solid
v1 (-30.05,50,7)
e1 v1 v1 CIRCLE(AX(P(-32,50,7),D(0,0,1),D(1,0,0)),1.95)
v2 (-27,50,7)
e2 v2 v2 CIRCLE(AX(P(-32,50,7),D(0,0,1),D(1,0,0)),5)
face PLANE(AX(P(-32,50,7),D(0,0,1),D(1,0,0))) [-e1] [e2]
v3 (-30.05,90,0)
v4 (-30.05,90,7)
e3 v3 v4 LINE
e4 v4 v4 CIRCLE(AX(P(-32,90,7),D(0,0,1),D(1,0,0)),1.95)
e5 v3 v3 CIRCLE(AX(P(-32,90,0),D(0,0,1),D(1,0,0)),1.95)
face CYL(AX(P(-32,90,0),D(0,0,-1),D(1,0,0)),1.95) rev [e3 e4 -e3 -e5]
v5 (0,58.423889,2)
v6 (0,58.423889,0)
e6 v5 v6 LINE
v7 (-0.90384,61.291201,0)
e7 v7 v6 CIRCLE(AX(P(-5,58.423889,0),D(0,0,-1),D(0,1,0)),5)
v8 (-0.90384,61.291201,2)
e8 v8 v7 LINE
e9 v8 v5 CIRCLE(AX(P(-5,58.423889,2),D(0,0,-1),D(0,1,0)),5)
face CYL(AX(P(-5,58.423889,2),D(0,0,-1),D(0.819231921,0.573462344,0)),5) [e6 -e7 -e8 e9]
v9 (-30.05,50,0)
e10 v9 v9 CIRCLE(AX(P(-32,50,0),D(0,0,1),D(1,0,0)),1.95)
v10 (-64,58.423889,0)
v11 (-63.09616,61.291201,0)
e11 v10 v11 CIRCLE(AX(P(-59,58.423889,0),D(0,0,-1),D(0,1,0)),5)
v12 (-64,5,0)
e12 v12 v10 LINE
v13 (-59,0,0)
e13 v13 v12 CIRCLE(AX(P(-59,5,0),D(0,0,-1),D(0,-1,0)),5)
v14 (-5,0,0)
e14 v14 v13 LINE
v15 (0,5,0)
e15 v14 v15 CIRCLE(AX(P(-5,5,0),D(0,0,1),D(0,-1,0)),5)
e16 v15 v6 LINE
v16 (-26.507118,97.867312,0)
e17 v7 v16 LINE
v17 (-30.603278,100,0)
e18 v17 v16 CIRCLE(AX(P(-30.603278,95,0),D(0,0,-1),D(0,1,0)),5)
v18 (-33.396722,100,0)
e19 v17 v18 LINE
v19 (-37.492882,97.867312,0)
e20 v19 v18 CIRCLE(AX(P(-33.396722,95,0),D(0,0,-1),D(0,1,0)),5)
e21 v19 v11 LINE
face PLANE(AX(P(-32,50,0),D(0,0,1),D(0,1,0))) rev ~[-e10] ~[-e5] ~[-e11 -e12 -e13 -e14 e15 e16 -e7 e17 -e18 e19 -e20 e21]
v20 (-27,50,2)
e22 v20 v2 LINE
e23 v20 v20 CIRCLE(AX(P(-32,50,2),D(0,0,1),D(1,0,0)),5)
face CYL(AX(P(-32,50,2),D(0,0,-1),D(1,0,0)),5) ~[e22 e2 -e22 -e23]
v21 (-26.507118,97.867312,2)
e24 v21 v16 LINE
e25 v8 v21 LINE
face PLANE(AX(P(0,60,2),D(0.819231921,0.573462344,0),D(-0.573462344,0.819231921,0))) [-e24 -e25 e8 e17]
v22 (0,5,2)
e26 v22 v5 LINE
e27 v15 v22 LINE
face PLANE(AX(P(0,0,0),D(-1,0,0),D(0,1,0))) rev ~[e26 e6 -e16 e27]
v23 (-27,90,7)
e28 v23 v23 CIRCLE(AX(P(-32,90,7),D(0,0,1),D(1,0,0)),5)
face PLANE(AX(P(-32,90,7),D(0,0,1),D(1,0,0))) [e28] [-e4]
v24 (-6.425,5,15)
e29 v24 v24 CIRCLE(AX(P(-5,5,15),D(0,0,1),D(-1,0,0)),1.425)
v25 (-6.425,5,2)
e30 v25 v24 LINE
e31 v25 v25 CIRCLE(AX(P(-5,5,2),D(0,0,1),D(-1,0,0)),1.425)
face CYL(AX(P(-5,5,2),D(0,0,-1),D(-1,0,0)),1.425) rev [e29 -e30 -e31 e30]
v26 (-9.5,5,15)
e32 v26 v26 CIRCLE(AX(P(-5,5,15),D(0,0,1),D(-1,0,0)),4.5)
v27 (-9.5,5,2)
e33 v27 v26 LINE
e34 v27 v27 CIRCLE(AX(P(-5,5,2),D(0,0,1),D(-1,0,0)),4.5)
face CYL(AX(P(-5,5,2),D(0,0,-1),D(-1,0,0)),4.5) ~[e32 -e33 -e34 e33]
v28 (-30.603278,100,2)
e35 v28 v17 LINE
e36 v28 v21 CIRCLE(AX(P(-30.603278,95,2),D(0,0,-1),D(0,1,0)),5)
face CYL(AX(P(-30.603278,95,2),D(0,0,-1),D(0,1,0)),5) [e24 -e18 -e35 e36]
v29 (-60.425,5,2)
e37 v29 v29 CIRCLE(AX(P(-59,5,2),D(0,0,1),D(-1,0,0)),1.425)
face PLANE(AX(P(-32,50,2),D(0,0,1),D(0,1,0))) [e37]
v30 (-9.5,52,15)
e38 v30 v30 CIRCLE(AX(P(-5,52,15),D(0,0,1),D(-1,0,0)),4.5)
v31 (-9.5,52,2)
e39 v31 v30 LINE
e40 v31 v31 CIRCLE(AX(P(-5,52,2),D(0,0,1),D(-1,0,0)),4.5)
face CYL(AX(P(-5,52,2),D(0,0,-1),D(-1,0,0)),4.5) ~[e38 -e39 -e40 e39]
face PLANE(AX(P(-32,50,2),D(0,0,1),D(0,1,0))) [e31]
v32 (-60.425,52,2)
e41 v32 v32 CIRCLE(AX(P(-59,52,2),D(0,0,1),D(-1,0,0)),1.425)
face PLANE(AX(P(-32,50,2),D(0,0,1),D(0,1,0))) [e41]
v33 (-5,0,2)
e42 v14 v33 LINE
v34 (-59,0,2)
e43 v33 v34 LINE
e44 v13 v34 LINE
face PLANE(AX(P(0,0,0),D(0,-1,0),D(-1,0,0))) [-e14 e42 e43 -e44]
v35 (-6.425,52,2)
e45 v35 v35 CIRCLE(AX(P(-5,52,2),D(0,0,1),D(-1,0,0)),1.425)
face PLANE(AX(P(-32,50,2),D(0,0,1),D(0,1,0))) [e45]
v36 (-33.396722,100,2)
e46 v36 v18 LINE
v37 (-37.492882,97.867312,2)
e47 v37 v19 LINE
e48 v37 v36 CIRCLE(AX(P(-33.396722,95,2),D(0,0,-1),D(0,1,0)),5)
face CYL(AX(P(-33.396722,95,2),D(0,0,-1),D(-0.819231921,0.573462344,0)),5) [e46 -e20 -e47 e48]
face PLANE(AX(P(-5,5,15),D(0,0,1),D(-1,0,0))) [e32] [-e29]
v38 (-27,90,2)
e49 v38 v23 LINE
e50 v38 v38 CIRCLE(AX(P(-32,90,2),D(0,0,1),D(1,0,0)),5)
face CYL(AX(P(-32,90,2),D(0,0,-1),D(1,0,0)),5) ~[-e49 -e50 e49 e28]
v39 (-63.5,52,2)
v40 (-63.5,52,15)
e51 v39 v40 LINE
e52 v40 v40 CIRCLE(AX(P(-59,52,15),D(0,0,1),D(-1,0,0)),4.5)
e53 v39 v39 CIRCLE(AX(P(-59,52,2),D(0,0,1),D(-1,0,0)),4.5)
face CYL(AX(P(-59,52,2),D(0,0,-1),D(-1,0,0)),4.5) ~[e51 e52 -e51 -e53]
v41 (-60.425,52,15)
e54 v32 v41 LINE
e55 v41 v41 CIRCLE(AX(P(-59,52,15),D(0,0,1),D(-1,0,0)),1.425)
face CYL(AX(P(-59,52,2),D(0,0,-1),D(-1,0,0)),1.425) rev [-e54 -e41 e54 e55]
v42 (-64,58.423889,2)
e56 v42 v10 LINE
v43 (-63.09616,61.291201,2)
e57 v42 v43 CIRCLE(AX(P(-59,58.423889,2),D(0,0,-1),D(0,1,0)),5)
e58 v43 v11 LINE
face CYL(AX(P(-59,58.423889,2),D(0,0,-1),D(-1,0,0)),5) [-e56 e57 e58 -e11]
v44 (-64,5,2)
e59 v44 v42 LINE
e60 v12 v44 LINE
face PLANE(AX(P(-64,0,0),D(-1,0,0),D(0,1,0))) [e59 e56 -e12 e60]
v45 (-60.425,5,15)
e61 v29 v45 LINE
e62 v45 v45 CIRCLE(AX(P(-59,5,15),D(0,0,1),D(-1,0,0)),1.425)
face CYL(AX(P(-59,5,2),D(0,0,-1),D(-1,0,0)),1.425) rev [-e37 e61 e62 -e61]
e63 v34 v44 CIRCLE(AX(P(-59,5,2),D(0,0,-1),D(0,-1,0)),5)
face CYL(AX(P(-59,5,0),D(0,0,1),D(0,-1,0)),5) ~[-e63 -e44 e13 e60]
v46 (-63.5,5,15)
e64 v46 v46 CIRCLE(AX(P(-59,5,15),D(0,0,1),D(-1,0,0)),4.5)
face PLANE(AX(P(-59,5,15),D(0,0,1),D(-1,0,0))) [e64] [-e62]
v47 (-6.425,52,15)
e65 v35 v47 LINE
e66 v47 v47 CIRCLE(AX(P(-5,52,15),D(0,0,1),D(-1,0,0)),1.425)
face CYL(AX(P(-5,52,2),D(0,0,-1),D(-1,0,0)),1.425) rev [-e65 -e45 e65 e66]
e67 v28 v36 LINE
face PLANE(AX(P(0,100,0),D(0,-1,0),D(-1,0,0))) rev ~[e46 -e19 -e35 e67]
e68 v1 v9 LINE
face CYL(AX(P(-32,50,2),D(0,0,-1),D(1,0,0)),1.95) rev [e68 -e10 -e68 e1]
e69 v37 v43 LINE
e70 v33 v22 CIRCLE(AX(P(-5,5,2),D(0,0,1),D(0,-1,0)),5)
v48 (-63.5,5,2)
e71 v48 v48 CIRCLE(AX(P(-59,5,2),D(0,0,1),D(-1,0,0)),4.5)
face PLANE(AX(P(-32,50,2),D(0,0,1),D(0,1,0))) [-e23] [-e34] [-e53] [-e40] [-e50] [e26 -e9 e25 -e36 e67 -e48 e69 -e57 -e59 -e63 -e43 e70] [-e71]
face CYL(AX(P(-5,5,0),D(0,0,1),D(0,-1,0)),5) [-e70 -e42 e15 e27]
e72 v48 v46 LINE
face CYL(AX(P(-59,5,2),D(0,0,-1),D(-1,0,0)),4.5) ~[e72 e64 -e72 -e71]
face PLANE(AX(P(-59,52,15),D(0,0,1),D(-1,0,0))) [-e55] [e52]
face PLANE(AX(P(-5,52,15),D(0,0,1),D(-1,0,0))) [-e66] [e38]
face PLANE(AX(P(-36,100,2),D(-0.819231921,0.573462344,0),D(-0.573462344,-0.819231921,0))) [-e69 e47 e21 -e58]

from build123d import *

# Parameters (mm, degrees)
SKETCH1_W           = 100
SKETCH1_H           = 64
SKETCH1_R           = 1.95
BOSS_EXTRUDE1_DEPTH = 2
SKETCH2_R           = 5
SKETCH2_R_2         = 1.95
BOSS_EXTRUDE2_DEPTH = 5
SKETCH3_R           = 4.5
SKETCH3_R_2         = 1.425
BOSS_EXTRUDE3_DEPTH = 13
CUT_EXTRUDE1_DEPTH  = 120.436175424
FILLET1_R           = 5


with BuildPart() as part:
    # Sketch1 → Boss-Extrude1 (new body)
    with BuildSketch(Plane(origin=(0, 0, 0), x_dir=(0, 1, 0), z_dir=(0, 0, 1))):
        with Locations((50, 32)):
            Rectangle(SKETCH1_W, SKETCH1_H)
        with Locations(Location((90, 32, 0), (0, 0, 270))):
            Circle(SKETCH1_R, mode=Mode.SUBTRACT)
        with Locations(Location((50, 32, 0), (0, 0, 270))):
            Circle(SKETCH1_R, mode=Mode.SUBTRACT)
    extrude(amount=BOSS_EXTRUDE1_DEPTH)

    # Sketch2 → Boss-Extrude2 (add)
    # profile 1 of 2: a face of its own
    with BuildSketch(Plane.XY.offset(2)):
        with Locations((-32, 50)):
            Circle(SKETCH2_R)
        with Locations((-32, 50)):
            Circle(SKETCH2_R_2, mode=Mode.SUBTRACT)
    # profile 2 of 2: a face of its own
    with BuildSketch(Plane.XY.offset(2)):
        with Locations((-32, 90)):
            Circle(SKETCH2_R)
        with Locations((-32, 90)):
            Circle(SKETCH2_R_2, mode=Mode.SUBTRACT)
    extrude(amount=BOSS_EXTRUDE2_DEPTH)

    # Sketch3 → Boss-Extrude3 (add)
    # profile 1 of 4: a face of its own
    with BuildSketch(Plane.XY.offset(2)):
        with Locations(Location((-59, 5, 0), (0, 0, 180))):
            Circle(SKETCH3_R)
        with Locations(Location((-59, 5, 0), (0, 0, 180))):
            Circle(SKETCH3_R_2, mode=Mode.SUBTRACT)
    # profile 2 of 4: a face of its own
    with BuildSketch(Plane.XY.offset(2)):
        with Locations(Location((-5, 5, 0), (0, 0, 180))):
            Circle(SKETCH3_R)
        with Locations(Location((-5, 5, 0), (0, 0, 180))):
            Circle(SKETCH3_R_2, mode=Mode.SUBTRACT)
    # profile 3 of 4: a face of its own
    with BuildSketch(Plane.XY.offset(2)):
        with Locations(Location((-5, 52, 0), (0, 0, 180))):
            Circle(SKETCH3_R)
        with Locations(Location((-5, 52, 0), (0, 0, 180))):
            Circle(SKETCH3_R_2, mode=Mode.SUBTRACT)
    # profile 4 of 4: a face of its own
    with BuildSketch(Plane.XY.offset(2)):
        with Locations(Location((-59, 52, 0), (0, 0, 180))):
            Circle(SKETCH3_R)
        with Locations(Location((-59, 52, 0), (0, 0, 180))):
            Circle(SKETCH3_R_2, mode=Mode.SUBTRACT)
    extrude(amount=BOSS_EXTRUDE3_DEPTH)

    # Sketch4 → Cut-Extrude1 (cut, through all)
    with BuildSketch(Plane.XY.offset(2)):
        Polygon((-64, 100), (-36, 100), (-64, 60), align=None)
        Polygon((-28, 100), (0, 100), (0, 60), align=None)
    extrude(amount=-CUT_EXTRUDE1_DEPTH, mode=Mode.SUBTRACT)

    # Fillet1
    fillet1_edges = [part.edges().sort_by_distance(p)[0] for p in [
        (-64, 60, 1),
        (-36, 100, 1),
        (-64, 0, 1),
        (0, 60, 1),
        (-28, 100, 1),
        (0, 0, 1),
    ]]
    fillet(fillet1_edges, radius=FILLET1_R)


solid = part.part
